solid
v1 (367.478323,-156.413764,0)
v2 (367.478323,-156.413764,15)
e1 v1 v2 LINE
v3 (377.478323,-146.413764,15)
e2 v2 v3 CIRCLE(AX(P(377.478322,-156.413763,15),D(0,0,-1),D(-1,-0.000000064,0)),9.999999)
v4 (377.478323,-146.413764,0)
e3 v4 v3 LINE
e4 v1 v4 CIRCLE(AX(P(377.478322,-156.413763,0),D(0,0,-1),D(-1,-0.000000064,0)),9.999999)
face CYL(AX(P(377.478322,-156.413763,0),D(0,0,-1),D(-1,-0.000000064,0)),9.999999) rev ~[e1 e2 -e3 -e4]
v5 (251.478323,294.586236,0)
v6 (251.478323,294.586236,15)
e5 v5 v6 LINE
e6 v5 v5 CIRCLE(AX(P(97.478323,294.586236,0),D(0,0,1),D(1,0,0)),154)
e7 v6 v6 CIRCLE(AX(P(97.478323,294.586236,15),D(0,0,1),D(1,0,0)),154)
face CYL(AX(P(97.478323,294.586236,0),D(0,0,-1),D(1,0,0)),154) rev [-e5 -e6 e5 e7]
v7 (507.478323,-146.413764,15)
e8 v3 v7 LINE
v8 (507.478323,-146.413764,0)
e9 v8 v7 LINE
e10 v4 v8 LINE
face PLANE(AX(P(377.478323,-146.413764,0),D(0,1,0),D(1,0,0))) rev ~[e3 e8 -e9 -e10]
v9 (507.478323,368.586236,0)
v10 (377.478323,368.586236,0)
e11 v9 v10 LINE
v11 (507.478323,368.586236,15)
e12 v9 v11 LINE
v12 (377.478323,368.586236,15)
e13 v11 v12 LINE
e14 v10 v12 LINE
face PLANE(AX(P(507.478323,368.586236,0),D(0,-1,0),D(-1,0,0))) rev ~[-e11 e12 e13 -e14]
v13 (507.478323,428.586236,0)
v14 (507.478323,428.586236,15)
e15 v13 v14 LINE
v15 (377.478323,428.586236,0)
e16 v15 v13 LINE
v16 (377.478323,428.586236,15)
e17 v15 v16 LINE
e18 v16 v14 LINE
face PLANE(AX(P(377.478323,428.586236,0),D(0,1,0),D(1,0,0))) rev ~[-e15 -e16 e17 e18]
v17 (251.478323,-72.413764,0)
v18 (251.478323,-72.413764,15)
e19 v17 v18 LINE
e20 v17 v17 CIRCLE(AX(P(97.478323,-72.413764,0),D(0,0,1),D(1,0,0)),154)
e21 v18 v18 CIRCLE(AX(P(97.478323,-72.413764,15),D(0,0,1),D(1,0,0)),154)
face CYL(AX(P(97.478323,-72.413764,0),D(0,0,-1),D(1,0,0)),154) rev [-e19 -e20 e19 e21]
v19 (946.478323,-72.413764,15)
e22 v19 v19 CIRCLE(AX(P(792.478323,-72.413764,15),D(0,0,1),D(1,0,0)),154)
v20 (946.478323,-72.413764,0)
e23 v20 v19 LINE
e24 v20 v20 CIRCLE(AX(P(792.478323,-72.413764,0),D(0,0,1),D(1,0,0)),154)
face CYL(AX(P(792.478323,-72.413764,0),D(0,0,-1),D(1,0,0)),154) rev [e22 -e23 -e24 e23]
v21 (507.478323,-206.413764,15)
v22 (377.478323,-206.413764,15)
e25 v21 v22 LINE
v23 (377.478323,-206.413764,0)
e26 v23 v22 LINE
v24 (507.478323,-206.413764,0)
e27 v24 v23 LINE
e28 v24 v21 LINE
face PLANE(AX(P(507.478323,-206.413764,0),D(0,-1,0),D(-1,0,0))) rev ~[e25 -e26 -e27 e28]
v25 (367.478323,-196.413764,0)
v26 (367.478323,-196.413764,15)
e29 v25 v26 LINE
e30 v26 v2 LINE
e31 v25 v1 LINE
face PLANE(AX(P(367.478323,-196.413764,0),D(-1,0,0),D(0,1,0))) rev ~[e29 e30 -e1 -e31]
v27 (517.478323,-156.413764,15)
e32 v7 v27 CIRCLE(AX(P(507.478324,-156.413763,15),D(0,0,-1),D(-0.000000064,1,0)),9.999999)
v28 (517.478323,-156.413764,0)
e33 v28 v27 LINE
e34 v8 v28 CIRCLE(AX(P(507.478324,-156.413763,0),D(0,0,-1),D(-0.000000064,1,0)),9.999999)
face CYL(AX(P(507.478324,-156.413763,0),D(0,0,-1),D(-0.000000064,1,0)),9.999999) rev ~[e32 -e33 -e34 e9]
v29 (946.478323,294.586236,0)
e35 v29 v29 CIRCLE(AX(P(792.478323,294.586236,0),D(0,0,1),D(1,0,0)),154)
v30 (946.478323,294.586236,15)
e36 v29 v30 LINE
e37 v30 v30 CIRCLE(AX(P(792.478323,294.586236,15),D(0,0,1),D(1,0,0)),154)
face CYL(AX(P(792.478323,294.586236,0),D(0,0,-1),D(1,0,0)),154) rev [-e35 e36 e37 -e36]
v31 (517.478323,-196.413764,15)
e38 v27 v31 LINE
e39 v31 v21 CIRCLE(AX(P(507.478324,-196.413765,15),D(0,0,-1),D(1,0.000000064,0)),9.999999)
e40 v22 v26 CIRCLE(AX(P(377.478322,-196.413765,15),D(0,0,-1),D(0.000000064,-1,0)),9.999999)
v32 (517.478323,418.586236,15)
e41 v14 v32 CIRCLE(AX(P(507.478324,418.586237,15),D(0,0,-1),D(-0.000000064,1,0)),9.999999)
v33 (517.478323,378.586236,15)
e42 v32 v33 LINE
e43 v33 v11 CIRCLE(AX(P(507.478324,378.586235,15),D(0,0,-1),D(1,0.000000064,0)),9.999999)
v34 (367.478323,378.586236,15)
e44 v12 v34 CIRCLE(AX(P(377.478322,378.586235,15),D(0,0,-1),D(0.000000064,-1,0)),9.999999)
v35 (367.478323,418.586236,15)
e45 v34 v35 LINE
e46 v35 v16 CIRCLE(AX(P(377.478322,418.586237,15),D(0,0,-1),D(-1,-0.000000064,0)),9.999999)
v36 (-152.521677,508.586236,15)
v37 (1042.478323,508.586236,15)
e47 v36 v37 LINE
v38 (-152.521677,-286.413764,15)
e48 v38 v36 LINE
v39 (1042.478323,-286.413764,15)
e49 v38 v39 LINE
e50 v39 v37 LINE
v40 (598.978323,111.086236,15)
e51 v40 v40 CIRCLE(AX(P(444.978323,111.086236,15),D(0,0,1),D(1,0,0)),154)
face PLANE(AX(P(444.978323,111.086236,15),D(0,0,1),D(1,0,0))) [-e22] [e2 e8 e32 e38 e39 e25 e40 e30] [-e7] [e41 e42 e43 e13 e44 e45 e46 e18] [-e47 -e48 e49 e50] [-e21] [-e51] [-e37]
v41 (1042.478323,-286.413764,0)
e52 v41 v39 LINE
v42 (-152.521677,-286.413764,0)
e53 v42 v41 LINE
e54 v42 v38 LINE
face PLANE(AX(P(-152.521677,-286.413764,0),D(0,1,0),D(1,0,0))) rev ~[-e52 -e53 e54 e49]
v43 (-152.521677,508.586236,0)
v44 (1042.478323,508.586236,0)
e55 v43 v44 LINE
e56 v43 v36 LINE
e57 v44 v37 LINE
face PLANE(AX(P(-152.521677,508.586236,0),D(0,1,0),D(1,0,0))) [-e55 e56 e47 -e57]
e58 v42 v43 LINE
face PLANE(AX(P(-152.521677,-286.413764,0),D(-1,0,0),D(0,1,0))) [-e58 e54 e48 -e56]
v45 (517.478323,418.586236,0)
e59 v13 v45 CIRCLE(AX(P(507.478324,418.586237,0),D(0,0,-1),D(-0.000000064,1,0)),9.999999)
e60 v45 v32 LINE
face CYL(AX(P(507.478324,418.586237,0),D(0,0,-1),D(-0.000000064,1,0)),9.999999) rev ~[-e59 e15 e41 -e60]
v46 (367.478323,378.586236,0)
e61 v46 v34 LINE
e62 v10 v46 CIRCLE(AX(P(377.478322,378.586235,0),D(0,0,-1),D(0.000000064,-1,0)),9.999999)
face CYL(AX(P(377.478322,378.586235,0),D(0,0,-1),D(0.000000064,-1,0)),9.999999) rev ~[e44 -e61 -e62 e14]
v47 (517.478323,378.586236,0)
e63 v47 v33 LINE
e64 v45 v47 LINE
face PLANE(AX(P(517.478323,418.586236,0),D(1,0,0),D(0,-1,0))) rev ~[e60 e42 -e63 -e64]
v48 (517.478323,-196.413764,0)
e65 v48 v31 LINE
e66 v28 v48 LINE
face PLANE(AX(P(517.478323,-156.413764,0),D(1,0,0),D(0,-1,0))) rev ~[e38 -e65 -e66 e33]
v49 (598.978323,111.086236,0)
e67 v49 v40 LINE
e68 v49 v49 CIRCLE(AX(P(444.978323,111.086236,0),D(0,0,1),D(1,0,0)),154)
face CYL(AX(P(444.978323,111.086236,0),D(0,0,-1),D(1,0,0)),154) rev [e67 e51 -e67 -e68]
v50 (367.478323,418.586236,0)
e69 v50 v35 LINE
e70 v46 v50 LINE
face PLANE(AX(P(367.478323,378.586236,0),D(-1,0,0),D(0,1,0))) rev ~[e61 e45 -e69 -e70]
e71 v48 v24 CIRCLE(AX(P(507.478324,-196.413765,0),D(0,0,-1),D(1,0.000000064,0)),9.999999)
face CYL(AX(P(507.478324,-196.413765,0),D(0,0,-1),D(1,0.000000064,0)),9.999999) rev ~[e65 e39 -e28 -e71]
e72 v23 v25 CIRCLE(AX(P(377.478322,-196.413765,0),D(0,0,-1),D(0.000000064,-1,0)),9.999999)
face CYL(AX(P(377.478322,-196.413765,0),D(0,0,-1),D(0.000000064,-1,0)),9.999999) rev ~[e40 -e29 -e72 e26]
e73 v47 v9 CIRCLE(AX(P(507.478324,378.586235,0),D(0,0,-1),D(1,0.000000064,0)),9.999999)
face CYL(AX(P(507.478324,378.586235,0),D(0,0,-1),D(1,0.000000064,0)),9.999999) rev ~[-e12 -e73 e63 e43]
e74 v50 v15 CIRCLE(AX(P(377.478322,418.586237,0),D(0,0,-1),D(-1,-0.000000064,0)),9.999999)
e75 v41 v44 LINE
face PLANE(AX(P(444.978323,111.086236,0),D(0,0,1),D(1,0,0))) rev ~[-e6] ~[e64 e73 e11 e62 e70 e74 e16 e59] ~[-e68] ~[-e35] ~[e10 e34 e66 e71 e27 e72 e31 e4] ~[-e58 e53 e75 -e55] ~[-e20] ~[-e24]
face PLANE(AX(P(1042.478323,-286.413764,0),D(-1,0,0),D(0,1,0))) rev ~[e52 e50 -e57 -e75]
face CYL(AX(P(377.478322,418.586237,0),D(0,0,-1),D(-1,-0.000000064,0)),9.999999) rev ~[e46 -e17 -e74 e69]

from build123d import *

# Parameters (mm, degrees)
F0_W     = 1195
F0_H     = 795
F0_R     = 154
F1_DEPTH = 15


with BuildPart() as f1:
    # F0 (on Top) → F1 (new body)
    with BuildSketch(Plane.XY):
        with Locations((444.978323, 111.086236)):
            Rectangle(F0_W, F0_H)
        with BuildLine():
            ThreePointArc((367.478323, -156.413764), (370.407255, -149.342696), (377.478323, -146.413764))
            Line((377.478323, -146.413764), (507.478323, -146.413764))
            ThreePointArc((507.478323, -146.413764), (514.549391, -149.342696), (517.478323, -156.413764))
            Line((517.478323, -156.413764), (517.478323, -196.413764))
            ThreePointArc((517.478323, -196.413764), (514.549391, -203.484832), (507.478323, -206.413764))
            Line((507.478323, -206.413764), (377.478323, -206.413764))
            ThreePointArc((377.478323, -206.413764), (370.407255, -203.484832), (367.478323, -196.413764))
            Line((367.478323, -196.413764), (367.478323, -156.413764))
        make_face(mode=Mode.SUBTRACT)
        with Locations((97.478323, -72.413764)):
            Circle(F0_R, mode=Mode.SUBTRACT)
        with Locations((444.978323, 111.086236)):
            Circle(F0_R, mode=Mode.SUBTRACT)
        with Locations((792.478323, -72.413764)):
            Circle(F0_R, mode=Mode.SUBTRACT)
        with Locations((97.478323, 294.586236)):
            Circle(F0_R, mode=Mode.SUBTRACT)
        with BuildLine():
            ThreePointArc((367.478323, 418.586236), (370.407255, 425.657304), (377.478323, 428.586236))
            Line((377.478323, 428.586236), (507.478323, 428.586236))
            ThreePointArc((507.478323, 428.586236), (514.549391, 425.657304), (517.478323, 418.586236))
            Line((517.478323, 418.586236), (517.478323, 378.586236))
            ThreePointArc((517.478323, 378.586236), (514.549391, 371.515168), (507.478323, 368.586236))
            Line((507.478323, 368.586236), (377.478323, 368.586236))
            ThreePointArc((377.478323, 368.586236), (370.407255, 371.515168), (367.478323, 378.586236))
            Line((367.478323, 378.586236), (367.478323, 418.586236))
        make_face(mode=Mode.SUBTRACT)
        with Locations((792.478323, 294.586236)):
            Circle(F0_R, mode=Mode.SUBTRACT)
    extrude(amount=F1_DEPTH)


solid = f1.part
